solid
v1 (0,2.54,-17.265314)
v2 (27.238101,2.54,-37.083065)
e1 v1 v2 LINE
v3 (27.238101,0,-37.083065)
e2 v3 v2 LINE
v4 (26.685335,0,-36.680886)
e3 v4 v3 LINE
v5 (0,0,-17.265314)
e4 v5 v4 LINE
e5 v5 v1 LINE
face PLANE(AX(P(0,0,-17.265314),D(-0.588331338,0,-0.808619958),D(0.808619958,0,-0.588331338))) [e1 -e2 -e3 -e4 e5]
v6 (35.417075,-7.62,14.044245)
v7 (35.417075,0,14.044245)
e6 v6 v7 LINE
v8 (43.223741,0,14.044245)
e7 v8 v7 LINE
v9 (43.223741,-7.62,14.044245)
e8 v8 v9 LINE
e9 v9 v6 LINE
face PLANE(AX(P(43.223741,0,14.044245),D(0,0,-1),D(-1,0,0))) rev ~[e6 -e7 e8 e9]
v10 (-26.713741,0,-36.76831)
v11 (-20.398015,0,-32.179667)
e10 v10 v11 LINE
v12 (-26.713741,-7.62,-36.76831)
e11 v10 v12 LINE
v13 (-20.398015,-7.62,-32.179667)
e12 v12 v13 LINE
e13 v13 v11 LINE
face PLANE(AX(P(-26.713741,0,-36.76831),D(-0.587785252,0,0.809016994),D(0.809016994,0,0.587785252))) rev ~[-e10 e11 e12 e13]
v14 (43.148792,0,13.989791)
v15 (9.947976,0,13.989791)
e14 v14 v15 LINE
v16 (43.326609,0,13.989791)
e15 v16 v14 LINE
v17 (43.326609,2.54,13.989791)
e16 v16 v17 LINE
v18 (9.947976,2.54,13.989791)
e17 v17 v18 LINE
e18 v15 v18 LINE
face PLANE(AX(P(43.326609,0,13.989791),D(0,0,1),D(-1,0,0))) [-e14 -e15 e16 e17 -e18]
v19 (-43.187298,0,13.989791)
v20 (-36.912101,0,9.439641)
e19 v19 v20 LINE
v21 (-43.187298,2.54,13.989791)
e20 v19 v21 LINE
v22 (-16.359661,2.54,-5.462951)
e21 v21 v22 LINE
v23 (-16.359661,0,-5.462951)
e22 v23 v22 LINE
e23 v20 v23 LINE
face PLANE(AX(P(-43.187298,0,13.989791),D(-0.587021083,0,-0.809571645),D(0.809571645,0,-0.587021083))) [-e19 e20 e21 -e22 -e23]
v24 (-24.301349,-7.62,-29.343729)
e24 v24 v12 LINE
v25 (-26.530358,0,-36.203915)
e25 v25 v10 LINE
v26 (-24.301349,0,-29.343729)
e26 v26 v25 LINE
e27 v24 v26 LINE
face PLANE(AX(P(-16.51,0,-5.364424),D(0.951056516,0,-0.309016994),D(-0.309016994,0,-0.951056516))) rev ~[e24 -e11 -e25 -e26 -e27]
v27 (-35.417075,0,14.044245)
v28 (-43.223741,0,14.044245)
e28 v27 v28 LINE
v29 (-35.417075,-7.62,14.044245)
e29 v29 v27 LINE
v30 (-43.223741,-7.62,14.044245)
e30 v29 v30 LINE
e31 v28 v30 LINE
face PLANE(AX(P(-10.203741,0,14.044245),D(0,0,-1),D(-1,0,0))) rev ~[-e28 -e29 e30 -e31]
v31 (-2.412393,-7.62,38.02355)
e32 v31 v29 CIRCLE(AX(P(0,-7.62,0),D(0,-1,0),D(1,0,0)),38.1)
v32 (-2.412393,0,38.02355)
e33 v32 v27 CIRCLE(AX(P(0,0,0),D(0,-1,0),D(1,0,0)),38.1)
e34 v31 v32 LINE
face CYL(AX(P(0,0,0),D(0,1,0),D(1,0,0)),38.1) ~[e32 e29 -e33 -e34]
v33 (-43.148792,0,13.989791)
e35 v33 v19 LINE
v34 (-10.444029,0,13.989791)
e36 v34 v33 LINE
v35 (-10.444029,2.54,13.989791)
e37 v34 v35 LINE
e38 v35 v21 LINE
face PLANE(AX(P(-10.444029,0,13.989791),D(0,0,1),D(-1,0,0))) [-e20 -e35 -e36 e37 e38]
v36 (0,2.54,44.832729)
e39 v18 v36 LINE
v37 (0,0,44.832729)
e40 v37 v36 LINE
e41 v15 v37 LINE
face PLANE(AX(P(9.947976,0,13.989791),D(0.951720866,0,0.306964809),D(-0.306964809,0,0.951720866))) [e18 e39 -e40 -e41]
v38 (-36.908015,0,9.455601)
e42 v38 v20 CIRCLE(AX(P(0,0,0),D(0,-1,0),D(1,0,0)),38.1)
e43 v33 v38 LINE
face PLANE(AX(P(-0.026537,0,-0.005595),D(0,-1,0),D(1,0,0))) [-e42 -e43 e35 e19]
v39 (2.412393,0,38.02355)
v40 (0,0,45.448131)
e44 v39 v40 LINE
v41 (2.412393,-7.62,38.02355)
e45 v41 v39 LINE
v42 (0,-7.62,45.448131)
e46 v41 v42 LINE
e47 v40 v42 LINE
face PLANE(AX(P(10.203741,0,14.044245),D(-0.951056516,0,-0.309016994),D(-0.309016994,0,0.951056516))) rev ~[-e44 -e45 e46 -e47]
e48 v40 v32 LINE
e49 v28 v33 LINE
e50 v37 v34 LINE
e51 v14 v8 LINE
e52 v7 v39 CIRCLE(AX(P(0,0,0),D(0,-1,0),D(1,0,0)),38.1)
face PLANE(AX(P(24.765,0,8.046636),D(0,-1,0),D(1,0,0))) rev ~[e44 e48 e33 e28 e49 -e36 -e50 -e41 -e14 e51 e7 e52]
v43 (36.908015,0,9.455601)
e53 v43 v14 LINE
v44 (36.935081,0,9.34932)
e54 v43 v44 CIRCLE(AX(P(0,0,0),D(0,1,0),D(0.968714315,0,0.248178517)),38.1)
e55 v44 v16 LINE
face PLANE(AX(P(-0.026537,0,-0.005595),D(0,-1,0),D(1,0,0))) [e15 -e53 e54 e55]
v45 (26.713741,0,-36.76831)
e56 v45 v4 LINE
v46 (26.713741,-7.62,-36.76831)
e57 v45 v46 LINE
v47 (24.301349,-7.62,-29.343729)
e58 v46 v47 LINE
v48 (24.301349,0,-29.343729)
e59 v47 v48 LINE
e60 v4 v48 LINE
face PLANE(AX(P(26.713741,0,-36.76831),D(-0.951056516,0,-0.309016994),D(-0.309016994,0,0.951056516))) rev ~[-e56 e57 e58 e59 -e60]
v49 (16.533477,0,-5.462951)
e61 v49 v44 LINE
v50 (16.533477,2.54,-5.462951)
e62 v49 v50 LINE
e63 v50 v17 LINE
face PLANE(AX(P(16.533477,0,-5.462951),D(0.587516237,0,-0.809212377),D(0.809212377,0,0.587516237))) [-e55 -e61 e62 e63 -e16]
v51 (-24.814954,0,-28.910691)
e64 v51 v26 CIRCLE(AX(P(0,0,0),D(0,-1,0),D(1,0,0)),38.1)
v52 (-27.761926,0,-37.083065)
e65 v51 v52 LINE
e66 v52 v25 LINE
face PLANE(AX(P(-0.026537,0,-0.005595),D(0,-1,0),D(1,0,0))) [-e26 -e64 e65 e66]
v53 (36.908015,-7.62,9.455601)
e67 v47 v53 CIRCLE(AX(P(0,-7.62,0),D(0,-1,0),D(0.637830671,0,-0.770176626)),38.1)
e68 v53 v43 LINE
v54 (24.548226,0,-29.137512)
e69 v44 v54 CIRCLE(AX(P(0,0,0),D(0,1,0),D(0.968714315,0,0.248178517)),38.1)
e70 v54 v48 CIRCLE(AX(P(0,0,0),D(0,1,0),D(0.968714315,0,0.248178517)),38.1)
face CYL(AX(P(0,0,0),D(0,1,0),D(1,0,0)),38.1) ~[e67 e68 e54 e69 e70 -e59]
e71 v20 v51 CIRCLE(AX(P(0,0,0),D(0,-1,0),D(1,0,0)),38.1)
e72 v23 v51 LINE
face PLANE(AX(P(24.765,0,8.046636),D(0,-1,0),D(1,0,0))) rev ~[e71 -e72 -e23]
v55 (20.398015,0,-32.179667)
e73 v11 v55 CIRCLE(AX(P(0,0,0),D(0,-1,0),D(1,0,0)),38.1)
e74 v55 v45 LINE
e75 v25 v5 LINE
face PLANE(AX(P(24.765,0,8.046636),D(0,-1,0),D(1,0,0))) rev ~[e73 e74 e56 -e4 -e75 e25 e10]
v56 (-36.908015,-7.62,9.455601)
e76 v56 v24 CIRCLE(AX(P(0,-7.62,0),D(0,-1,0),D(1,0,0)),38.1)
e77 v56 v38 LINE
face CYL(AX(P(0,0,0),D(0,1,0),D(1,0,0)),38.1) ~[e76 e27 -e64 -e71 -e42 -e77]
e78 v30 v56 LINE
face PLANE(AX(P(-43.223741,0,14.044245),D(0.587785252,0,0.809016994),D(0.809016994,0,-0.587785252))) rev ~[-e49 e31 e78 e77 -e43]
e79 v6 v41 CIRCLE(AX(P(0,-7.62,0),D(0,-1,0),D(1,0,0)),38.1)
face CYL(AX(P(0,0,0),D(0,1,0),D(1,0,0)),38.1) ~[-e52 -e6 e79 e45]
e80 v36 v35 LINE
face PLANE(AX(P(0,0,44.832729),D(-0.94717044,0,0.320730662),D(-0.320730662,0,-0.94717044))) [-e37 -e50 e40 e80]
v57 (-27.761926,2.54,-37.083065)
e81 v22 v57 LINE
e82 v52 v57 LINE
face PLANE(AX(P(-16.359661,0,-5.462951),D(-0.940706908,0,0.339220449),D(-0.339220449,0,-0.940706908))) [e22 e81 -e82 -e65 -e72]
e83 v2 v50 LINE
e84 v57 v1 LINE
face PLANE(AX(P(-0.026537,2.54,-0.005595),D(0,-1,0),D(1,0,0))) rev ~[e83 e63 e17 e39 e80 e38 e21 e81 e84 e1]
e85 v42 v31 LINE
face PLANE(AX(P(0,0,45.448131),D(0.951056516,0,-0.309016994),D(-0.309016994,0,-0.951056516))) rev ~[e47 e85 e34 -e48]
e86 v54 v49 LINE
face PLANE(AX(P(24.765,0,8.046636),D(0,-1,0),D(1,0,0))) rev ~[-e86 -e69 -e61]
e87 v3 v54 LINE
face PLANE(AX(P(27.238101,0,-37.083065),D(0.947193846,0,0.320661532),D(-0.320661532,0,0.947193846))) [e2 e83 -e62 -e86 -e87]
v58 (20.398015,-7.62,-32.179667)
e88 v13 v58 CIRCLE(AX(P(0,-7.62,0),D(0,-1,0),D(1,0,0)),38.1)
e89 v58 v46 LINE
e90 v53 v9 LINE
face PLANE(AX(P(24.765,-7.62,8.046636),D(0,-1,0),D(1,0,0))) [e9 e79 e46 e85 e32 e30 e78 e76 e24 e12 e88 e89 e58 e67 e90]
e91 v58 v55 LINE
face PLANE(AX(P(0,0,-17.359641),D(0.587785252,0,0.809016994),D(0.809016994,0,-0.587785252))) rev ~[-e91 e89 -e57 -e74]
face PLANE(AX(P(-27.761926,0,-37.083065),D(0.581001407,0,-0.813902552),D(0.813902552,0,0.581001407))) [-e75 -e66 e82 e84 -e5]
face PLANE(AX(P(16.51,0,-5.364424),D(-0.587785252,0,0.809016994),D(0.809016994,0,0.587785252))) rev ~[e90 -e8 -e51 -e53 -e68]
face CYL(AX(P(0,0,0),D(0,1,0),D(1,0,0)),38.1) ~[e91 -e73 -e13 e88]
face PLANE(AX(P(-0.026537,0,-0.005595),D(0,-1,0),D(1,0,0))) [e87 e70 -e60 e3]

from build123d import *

# Parameters (mm, degrees)
F0_R     = 38.1
F1_DEPTH = 7.62
F3_DEPTH = 7.62
F5_DEPTH = 2.54


with BuildPart() as f1:
    # F0 (on Front) → F1 (new body)
    with BuildSketch(Plane.XZ):
        Circle(F0_R)
    extrude(amount=F1_DEPTH)

    # F2 (on Front) → F3 (join)
    with BuildSketch(Plane.XZ):
        Polygon((43.2237411543, 14.0442448459), (10.2037411543, 14.0442448459), (16.51, -5.3644241848), align=None)
        Polygon((16.51, -5.3644241848), (10.2037411543, 14.0442448459), (-10.2037411543, 14.0442448459), (-16.51, -5.3644241848), (0, -17.3596413222), align=None)
        Polygon((-10.2037411543, 14.0442448459), (10.2037411543, 14.0442448459), (0, 45.448131014), align=None)
        Polygon((26.7137411543, -36.7683103529), (16.51, -5.3644241848), (0, -17.3596413222), align=None)
        Polygon((-16.51, -5.3644241848), (-10.2037411543, 14.0442448459), (-43.2237411543, 14.0442448459), align=None)
        Polygon((-26.7137411543, -36.7683103529), (0, -17.3596413222), (-16.51, -5.3644241848), align=None)
    extrude(amount=F3_DEPTH)

    # F4 (on face) → F5 (join)
    with BuildSketch(Plane.XZ):
        Polygon((16.5334772319, -5.4629510269), (9.9479760975, 13.9897912741), (-10.4440292343, 13.9897912741), (-16.3596607745, -5.4629510269), (0, -17.2653142363), align=None)
        Polygon((43.3266088367, 13.9897912741), (9.9479760975, 13.9897912741), (16.5334772319, -5.4629510269), align=None)
        Polygon((-10.4440292343, 13.9897912741), (9.9479760975, 13.9897912741), (0, 44.8327288032), align=None)
        Polygon((-16.3596607745, -5.4629510269), (-10.4440292343, 13.9897912741), (-43.1872978806, 13.9897912741), align=None)
        Polygon((27.2381013996, -37.0830648364), (16.5334772319, -5.4629510269), (0, -17.2653142363), align=None)
        Polygon((0, -17.2653142363), (-16.3596607745, -5.4629510269), (-27.761925516, -37.0830648364), align=None)
    extrude(amount=-F5_DEPTH)


solid = f1.part
